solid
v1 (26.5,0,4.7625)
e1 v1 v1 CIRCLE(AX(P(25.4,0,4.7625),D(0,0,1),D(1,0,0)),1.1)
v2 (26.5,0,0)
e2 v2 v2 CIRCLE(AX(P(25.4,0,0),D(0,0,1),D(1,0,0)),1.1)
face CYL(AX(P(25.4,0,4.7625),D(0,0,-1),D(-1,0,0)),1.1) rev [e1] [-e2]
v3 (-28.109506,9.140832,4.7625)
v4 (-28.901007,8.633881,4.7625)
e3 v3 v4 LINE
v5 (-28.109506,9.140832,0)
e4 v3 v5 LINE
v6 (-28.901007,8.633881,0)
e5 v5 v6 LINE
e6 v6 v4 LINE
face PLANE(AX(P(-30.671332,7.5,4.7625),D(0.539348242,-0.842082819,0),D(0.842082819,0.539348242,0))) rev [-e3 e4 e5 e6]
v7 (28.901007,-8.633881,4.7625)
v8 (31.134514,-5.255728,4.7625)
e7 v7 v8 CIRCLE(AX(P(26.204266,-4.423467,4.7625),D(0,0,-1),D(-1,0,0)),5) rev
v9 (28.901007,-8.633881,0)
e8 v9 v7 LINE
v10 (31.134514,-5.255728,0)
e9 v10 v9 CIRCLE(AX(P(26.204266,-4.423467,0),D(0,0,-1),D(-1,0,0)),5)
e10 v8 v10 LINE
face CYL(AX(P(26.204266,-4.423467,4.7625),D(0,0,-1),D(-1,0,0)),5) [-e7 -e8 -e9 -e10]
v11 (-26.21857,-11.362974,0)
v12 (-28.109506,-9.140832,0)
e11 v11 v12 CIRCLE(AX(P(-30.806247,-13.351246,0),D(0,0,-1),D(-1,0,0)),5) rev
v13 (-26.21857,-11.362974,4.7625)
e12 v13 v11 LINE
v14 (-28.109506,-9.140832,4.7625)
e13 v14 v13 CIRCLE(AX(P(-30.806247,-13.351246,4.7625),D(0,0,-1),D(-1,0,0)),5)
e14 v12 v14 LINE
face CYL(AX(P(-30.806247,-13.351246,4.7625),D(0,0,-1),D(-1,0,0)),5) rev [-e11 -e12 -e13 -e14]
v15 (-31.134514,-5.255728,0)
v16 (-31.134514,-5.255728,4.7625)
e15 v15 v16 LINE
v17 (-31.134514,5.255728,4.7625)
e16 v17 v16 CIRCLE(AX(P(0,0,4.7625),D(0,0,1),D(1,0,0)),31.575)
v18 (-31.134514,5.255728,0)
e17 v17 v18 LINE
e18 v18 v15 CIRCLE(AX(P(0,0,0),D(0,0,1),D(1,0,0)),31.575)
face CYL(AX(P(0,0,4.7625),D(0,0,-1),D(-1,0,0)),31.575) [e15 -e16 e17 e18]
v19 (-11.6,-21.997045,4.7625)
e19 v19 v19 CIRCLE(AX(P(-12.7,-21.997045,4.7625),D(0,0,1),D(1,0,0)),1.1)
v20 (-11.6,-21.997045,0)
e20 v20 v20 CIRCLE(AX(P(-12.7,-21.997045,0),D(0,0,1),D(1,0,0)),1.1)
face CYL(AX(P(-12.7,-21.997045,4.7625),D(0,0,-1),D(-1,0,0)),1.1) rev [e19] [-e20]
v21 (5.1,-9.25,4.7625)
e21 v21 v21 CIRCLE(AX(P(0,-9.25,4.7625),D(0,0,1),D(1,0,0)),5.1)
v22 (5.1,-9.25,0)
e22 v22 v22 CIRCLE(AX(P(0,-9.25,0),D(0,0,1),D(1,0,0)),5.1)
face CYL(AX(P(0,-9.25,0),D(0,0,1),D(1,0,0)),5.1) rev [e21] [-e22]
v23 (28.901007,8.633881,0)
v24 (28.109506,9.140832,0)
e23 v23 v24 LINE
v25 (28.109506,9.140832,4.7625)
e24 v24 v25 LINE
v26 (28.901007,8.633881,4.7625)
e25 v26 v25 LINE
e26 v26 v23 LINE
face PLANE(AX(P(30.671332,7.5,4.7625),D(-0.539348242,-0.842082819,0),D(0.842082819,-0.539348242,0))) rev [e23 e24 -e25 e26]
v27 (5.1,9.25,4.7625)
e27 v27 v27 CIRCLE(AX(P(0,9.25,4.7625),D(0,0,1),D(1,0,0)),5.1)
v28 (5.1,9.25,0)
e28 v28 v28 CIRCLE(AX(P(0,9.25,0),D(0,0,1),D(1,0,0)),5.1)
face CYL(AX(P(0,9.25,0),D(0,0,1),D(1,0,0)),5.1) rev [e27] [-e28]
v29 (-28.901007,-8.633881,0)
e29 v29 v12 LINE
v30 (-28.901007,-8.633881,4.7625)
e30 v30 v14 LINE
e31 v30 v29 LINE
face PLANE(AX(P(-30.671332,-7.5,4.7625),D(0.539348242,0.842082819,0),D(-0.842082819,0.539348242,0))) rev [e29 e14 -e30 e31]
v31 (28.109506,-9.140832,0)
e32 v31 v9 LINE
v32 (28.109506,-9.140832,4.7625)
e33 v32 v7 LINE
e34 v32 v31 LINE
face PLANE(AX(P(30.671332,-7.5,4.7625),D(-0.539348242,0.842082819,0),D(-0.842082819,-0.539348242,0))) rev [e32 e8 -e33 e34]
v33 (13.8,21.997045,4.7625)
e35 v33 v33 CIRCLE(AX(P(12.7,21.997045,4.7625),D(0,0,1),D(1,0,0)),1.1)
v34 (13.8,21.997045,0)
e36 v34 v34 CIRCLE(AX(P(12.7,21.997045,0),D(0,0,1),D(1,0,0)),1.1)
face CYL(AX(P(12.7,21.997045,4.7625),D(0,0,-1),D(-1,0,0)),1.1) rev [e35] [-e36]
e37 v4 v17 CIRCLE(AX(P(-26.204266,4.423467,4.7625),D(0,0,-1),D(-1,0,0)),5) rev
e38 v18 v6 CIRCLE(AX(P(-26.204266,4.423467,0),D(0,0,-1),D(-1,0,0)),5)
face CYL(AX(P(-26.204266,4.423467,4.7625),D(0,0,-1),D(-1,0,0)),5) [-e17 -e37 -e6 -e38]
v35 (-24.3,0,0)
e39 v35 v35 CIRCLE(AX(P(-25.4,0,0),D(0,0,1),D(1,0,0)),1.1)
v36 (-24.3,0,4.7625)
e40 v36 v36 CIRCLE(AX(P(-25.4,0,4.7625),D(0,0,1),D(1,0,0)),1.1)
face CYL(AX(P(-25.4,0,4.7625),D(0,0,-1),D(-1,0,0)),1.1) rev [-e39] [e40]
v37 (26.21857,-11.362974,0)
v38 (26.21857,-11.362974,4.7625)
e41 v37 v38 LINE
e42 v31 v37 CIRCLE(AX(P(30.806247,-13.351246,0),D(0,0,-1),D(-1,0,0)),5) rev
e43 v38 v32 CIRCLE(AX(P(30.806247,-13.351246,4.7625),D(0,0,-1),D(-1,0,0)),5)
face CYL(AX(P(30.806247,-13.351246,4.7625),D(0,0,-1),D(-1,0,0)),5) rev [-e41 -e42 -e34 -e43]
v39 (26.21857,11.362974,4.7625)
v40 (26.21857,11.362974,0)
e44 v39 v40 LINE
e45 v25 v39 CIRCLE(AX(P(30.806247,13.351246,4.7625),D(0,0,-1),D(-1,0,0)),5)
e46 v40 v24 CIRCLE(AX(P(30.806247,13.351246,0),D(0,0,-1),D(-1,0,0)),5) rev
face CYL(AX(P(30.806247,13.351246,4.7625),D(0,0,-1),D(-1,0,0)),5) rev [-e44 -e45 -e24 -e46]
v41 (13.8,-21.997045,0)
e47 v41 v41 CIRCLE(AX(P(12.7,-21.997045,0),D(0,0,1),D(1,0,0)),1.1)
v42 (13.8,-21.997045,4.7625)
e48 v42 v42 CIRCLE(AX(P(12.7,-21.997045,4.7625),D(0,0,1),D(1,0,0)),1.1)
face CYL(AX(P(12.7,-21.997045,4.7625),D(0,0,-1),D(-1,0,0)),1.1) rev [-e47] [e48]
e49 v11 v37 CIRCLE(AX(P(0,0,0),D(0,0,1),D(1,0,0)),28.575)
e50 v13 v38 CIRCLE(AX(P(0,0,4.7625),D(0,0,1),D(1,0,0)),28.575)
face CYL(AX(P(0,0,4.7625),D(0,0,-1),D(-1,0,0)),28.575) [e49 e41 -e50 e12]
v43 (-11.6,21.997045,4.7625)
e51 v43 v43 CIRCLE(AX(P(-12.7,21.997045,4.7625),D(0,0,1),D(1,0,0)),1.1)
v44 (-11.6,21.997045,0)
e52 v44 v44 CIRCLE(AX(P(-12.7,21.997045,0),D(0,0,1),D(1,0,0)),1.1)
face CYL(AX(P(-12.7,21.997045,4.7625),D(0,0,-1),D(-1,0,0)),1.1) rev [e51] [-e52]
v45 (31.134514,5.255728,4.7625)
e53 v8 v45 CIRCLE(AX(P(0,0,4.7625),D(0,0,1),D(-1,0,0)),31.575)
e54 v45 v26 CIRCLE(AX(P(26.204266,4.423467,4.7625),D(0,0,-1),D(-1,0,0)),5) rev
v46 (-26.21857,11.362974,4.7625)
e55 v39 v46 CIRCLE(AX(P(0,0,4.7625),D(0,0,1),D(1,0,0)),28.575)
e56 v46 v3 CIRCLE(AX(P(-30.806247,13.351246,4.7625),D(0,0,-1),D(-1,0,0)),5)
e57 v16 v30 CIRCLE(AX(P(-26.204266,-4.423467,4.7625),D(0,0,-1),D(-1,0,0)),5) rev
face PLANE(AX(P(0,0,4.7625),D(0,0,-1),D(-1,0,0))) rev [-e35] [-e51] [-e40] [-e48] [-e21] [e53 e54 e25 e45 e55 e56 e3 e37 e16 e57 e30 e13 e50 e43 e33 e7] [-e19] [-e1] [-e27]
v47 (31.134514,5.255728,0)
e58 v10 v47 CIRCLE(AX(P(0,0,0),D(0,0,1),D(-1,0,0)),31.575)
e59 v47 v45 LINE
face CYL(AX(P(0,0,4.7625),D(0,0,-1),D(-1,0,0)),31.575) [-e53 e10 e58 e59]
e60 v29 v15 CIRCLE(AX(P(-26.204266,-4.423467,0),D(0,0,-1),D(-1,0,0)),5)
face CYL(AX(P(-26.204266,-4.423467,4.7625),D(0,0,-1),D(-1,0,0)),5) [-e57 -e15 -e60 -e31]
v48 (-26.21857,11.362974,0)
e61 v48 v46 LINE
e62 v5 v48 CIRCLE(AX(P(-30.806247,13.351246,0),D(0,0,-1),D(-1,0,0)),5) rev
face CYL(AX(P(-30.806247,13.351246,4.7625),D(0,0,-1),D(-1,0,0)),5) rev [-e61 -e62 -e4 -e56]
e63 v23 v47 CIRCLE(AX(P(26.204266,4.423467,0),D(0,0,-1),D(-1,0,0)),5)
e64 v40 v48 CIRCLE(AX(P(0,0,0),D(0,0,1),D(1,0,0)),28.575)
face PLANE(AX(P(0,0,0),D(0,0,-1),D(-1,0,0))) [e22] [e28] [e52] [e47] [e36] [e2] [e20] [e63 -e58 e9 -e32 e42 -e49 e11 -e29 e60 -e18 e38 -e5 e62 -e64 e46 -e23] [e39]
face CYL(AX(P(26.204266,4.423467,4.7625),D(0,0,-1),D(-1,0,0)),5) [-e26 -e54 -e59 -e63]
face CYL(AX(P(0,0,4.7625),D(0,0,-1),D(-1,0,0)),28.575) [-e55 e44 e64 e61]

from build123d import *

# Parameters (mm, degrees)
SKETCH1_R           = 1.1
BOSS_EXTRUDE1_DEPTH = 4.7625
FILLET1_R           = 5
SKETCH3_R           = 5.1
CUT_EXTRUDE2_DEPTH  = 5.7625


with BuildPart() as part:
    # Sketch1 → Boss-Extrude1 (new body)
    with BuildSketch(Plane.XY):
        with BuildLine():
            Line((-30.671332299, 7.5), (-26.768089678, 10))
            ThreePointArc((-26.768089678, 10), (0, 28.575), (26.768089678, 10))
            Line((26.768089678, 10), (30.671332299, 7.5))
            ThreePointArc((30.671332299, 7.5), (31.575, 0), (30.671332299, -7.5))
            Line((30.671332299, -7.5), (26.768089678, -10))
            ThreePointArc((26.768089678, -10), (0, -28.575), (-26.768089678, -10))
            Line((-26.768089678, -10), (-30.671332299, -7.5))
            ThreePointArc((-30.671332299, -7.5), (-31.575, 0), (-30.671332299, 7.5))
        make_face()
        with Locations((-25.4, 0)):
            Circle(SKETCH1_R, mode=Mode.SUBTRACT)
        with Locations((-12.7, 21.997045256)):
            Circle(SKETCH1_R, mode=Mode.SUBTRACT)
        with Locations((12.7, 21.997045256)):
            Circle(SKETCH1_R, mode=Mode.SUBTRACT)
        with Locations((25.4, 0)):
            Circle(SKETCH1_R, mode=Mode.SUBTRACT)
        with Locations((12.7, -21.997045256)):
            Circle(SKETCH1_R, mode=Mode.SUBTRACT)
        with Locations((-12.7, -21.997045256)):
            Circle(SKETCH1_R, mode=Mode.SUBTRACT)
    extrude(amount=BOSS_EXTRUDE1_DEPTH)

    # Fillet1
    fillet1_edges = [part.edges().sort_by_distance(p)[0] for p in [
        (30.671332299, -7.5, 2.38125),
        (26.768089678, -10, 2.38125),
        (-26.768089678, -10, 2.38125),
        (-30.671332299, -7.5, 2.38125),
        (-30.671332299, 7.5, 2.38125),
        (-26.768089678, 10, 2.38125),
        (26.768089678, 10, 2.38125),
        (30.671332299, 7.5, 2.38125),
    ]]
    fillet(fillet1_edges, radius=FILLET1_R)

    # Sketch3 → Cut-Extrude2 (cut, through all)
    with BuildSketch(Plane.XY.offset(4.7625)):
        with Locations((0, -9.25)):
            Circle(SKETCH3_R)
        with Locations((0, 9.25)):
            Circle(SKETCH3_R)
    extrude(amount=-CUT_EXTRUDE2_DEPTH, mode=Mode.SUBTRACT)


solid = part.part
